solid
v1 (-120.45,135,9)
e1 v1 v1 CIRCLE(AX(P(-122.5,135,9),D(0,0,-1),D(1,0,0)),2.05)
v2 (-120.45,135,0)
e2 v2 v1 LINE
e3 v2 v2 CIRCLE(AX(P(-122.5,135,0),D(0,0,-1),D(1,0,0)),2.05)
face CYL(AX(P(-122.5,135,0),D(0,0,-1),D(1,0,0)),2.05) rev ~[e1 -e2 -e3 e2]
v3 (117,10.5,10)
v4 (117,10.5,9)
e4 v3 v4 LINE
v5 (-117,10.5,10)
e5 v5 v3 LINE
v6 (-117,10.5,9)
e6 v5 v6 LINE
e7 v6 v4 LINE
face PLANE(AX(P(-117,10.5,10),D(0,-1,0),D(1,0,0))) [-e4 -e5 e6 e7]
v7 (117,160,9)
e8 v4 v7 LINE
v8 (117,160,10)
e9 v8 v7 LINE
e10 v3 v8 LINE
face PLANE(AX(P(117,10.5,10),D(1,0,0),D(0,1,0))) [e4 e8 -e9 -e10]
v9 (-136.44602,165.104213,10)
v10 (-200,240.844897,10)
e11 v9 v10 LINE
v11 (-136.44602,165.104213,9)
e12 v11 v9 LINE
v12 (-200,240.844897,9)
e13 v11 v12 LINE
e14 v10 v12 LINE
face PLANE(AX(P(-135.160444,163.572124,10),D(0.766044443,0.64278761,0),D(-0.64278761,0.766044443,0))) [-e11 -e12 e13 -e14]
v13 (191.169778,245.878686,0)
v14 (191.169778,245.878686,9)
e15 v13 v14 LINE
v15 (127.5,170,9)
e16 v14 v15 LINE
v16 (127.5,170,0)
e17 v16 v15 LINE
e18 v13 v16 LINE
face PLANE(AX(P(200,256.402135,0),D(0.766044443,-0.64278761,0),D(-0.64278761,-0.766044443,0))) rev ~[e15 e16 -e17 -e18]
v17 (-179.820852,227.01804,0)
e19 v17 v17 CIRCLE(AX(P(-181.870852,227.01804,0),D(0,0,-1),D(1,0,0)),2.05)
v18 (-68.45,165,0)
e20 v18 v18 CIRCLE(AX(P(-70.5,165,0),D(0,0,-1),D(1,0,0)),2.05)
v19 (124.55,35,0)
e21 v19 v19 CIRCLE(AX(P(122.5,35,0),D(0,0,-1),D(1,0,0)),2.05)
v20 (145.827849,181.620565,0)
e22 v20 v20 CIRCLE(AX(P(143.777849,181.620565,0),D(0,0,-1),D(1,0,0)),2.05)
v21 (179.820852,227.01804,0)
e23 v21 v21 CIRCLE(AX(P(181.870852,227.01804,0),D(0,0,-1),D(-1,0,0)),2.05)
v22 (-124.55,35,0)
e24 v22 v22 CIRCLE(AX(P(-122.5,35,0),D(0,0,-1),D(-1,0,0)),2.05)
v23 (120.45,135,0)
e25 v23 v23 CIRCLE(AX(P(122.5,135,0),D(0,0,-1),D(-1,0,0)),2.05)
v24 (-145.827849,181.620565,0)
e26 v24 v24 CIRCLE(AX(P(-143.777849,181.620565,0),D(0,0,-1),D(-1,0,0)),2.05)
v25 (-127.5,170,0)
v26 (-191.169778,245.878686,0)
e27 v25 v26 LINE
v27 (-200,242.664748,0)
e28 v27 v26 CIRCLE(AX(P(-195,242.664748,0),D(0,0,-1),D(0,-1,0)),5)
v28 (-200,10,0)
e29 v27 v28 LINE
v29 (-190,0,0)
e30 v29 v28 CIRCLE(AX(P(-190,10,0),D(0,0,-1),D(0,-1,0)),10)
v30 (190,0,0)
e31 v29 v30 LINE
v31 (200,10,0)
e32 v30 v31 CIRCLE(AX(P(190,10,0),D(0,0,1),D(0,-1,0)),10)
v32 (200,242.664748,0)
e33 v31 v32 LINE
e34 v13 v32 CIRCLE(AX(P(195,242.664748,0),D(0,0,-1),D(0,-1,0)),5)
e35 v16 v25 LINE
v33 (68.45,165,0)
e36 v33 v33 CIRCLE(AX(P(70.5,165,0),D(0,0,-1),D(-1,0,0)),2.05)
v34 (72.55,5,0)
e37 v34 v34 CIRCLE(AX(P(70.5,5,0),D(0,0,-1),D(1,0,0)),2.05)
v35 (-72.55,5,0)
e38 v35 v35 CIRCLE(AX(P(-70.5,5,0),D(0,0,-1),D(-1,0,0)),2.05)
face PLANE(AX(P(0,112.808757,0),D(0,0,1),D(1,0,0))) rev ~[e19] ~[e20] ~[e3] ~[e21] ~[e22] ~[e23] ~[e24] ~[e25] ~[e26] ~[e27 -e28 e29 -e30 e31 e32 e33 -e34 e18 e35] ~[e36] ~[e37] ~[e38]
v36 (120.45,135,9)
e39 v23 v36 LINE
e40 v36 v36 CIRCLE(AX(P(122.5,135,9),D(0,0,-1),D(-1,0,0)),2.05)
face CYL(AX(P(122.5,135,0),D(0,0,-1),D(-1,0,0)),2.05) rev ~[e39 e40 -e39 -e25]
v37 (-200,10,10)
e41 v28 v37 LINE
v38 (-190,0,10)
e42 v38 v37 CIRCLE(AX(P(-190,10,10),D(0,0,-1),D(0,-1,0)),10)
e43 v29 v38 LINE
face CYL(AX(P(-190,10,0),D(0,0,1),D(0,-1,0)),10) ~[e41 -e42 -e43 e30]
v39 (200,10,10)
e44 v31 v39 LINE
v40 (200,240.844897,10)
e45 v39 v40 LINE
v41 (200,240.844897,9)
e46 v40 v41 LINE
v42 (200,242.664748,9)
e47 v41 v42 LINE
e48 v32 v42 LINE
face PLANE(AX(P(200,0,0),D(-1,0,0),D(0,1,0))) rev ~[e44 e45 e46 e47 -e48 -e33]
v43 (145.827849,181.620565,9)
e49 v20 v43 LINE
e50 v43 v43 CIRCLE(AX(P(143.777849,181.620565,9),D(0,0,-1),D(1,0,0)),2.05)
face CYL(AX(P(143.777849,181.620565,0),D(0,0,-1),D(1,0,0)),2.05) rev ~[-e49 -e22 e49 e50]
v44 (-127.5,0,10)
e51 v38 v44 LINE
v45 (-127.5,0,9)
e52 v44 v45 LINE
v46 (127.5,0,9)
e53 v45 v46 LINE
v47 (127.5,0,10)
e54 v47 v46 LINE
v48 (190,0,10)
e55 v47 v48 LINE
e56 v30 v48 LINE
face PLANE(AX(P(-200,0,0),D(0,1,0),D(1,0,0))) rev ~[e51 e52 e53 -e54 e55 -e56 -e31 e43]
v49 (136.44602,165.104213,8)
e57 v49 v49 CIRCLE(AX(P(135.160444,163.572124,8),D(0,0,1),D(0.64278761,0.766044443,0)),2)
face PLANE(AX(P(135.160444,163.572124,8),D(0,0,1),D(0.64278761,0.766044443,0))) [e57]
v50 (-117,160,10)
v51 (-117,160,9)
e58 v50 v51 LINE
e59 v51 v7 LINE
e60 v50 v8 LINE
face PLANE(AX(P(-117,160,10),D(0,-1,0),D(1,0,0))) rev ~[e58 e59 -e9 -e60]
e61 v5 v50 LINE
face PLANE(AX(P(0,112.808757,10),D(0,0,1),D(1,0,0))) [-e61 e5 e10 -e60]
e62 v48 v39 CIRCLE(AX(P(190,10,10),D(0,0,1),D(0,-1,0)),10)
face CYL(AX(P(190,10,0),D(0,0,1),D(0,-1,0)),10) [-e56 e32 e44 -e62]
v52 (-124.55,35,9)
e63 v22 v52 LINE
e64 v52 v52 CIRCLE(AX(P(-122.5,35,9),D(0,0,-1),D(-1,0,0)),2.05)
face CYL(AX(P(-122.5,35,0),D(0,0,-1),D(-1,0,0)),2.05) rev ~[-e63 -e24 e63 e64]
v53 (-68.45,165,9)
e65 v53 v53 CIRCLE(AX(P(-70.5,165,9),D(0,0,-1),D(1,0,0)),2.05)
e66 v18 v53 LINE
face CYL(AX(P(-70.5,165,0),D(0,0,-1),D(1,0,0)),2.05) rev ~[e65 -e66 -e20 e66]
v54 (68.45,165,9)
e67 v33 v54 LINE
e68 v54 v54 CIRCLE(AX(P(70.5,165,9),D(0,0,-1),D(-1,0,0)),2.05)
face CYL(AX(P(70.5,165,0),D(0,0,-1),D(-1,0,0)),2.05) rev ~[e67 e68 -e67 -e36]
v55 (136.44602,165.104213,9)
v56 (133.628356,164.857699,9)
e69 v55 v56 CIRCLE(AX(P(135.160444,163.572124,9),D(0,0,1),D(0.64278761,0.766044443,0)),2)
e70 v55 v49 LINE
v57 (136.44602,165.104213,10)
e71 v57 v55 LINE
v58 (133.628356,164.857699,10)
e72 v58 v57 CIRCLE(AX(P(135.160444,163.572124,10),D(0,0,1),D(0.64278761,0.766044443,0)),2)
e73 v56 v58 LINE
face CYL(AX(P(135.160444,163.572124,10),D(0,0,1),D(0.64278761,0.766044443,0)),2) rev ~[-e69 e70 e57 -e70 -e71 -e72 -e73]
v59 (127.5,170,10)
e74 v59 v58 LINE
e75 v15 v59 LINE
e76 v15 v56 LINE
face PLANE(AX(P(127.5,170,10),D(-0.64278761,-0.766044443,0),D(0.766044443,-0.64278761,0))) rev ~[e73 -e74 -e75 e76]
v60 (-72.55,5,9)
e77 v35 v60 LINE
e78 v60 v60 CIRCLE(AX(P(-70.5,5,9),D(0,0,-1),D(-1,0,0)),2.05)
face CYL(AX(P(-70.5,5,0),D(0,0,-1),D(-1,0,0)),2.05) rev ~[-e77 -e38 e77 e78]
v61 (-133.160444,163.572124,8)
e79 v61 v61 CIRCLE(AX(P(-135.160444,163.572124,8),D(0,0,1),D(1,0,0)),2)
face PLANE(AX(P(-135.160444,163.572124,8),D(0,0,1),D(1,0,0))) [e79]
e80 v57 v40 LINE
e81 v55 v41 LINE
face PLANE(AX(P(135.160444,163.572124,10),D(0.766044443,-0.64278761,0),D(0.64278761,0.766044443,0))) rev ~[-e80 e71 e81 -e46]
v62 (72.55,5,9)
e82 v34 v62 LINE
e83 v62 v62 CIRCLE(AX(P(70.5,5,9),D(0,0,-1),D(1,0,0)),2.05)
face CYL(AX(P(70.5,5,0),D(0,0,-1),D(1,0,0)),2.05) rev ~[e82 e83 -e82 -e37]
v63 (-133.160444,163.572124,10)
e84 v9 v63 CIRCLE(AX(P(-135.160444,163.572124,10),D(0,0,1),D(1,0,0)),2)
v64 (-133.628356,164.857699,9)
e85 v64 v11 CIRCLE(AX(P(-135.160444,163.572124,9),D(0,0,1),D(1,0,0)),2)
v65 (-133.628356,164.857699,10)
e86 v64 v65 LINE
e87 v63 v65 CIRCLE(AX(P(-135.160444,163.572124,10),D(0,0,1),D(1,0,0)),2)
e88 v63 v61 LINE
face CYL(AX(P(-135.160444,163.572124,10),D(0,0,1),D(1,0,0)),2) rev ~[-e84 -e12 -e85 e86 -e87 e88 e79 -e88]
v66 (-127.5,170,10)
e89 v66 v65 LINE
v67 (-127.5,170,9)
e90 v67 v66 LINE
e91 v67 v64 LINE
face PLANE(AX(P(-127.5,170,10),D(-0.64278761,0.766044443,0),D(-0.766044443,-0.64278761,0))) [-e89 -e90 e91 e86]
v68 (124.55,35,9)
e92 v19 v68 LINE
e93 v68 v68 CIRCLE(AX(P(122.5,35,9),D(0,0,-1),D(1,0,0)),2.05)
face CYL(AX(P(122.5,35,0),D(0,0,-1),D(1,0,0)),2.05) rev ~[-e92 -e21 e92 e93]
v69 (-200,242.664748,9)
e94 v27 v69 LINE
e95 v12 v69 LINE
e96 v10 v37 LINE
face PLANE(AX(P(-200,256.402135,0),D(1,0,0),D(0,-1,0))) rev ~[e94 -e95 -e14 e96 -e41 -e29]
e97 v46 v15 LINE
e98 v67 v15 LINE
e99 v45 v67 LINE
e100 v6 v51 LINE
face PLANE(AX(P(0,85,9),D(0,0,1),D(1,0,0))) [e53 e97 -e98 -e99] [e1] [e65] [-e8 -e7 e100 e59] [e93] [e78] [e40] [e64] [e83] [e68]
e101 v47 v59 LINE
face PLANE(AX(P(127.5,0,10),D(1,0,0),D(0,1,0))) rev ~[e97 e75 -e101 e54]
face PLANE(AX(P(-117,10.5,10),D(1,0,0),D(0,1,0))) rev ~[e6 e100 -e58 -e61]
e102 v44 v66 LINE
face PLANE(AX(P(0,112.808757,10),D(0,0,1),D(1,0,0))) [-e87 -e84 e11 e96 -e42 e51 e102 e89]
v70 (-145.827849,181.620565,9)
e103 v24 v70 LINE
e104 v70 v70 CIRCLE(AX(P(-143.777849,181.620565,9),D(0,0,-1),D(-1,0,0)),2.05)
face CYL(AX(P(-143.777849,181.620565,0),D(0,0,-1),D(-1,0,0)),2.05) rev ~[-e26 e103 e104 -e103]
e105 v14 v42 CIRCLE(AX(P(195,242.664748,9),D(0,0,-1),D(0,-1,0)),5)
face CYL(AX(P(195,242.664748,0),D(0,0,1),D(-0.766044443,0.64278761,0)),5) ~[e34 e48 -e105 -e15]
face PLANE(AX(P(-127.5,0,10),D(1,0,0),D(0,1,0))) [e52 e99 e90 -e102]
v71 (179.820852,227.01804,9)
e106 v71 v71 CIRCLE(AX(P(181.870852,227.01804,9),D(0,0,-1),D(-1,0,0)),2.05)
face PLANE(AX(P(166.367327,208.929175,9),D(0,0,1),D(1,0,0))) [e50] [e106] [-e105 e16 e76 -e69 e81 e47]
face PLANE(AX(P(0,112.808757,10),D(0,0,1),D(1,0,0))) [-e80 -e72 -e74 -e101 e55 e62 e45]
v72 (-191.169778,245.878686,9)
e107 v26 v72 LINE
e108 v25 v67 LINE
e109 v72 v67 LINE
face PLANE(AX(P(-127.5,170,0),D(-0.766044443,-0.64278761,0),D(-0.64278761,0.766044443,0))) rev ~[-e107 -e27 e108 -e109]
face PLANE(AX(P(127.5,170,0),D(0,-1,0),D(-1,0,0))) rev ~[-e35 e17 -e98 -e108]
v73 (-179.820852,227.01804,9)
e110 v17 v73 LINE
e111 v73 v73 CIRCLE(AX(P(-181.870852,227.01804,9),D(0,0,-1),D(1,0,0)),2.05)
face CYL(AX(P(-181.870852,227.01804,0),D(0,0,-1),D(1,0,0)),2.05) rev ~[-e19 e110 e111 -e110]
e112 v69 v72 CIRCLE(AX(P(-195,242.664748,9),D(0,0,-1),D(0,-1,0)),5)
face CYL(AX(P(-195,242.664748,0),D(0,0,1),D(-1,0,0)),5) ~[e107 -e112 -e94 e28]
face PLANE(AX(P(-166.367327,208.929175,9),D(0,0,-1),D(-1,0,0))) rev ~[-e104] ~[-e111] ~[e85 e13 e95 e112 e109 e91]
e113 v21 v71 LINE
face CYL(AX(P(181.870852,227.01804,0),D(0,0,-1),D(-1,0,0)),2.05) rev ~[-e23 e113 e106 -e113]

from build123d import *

# Parameters (mm, degrees)
BOSS_EXTRUDE2_DEPTH     = 10
ESQUISSE2_W             = 255
ESQUISSE2_H             = 170
ESQUISSE2_W_2           = 234
ESQUISSE2_H_2           = 149.5
ENL_V_MAT_EXTRU_1_DEPTH = 1
ENL_V_MAT_EXTRU_2_DEPTH = 1
CONG_1_R                = 10
CONG_2_R                = 10
CONG_3_R                = 5
CONG_4_R                = 5
ESQUISSE5_R             = 2
ENL_V_MAT_EXTRU_3_DEPTH = 2
ESQUISSE6_R             = 2.05
ENL_V_MAT_EXTRU_4_DEPTH = 10
ESQUISSE7_R             = 2.05
ENL_V_MAT_EXTRU_5_DEPTH = 10


with BuildPart() as part:
    # Sketch1 → Boss-Extrude2 (new body)
    with BuildSketch(Plane.XY):
        Polygon((-200, 0), (200, 0), (200, 170), (200, 256.402135463), (127.5, 170), (-127.5, 170), (-200, 256.402135463), (-200, 170), align=None)
    extrude(amount=BOSS_EXTRUDE2_DEPTH)

    # Esquisse2 → Enlèv. mat.-Extru.1 (cut)
    with BuildSketch(Plane.XY.offset(10)):
        with Locations((0, 85)):
            Rectangle(ESQUISSE2_W, ESQUISSE2_H)
        with Locations((0, 85.25)):
            Rectangle(ESQUISSE2_W_2, ESQUISSE2_H_2, mode=Mode.SUBTRACT)
    extrude(amount=-ENL_V_MAT_EXTRU_1_DEPTH, mode=Mode.SUBTRACT)

    # Esquisse3 → Enlèv. mat.-Extru.2 (cut)
    with BuildSketch(Plane.XY.offset(10)):
        Polygon((127.5, 170), (135.160444431, 163.572123903), (200, 240.844897194), (200, 256.402135463), align=None)
        Polygon((-200, 256.402135463), (-127.5, 170), (-135.160444431, 163.572123903), (-200, 240.844897194), align=None)
    extrude(amount=-ENL_V_MAT_EXTRU_2_DEPTH, mode=Mode.SUBTRACT)

    # Congé1
    cong_1_edges = [part.edges().sort_by_distance(p)[0] for p in [
        (200, 0, 5),
    ]]
    fillet(cong_1_edges, radius=CONG_1_R)

    # Congé2
    cong_2_edges = [part.edges().sort_by_distance(p)[0] for p in [
        (-200, 0, 5),
    ]]
    fillet(cong_2_edges, radius=CONG_2_R)

    # Congé3
    cong_3_edges = [part.edges().sort_by_distance(p)[0] for p in [
        (-200, 256.402135463, 4.5),
    ]]
    fillet(cong_3_edges, radius=CONG_3_R)

    # Congé4
    cong_4_edges = [part.edges().sort_by_distance(p)[0] for p in [
        (200, 256.402135463, 4.5),
    ]]
    fillet(cong_4_edges, radius=CONG_4_R)

    # Esquisse5 → Enlèv. mat.-Extru.3 (cut)
    with BuildSketch(Plane.XY.offset(10)):
        with Locations((-135.160444431, 163.572123903)):
            Circle(ESQUISSE5_R)
        with Locations(Location((135.160444431, 163.572123903, 0), (0, 0, 50))):
            Circle(ESQUISSE5_R)
    extrude(amount=-ENL_V_MAT_EXTRU_3_DEPTH, mode=Mode.SUBTRACT)

    # Esquisse6 → Enlèv. mat.-Extru.4 (cut)
    with BuildSketch(Plane(origin=(0, 0, 0), x_dir=(-1, 0, 0), z_dir=(0, 0, -1))):
        with Locations((-70.5, 165)):
            Circle(ESQUISSE6_R)
        with Locations((-122.5, 135)):
            Circle(ESQUISSE6_R)
        with Locations(Location((122.5, 135, 0), (0, 0, 180))):
            Circle(ESQUISSE6_R)
        with Locations(Location((70.5, 165, 0), (0, 0, 180))):
            Circle(ESQUISSE6_R)
        with Locations((70.5, 5)):
            Circle(ESQUISSE6_R)
        with Locations((122.5, 35)):
            Circle(ESQUISSE6_R)
        with Locations(Location((-122.5, 35, 0), (0, 0, 180))):
            Circle(ESQUISSE6_R)
        with Locations(Location((-70.5, 5, 0), (0, 0, 180))):
            Circle(ESQUISSE6_R)
    extrude(amount=-ENL_V_MAT_EXTRU_4_DEPTH, mode=Mode.SUBTRACT)

    # Esquisse7 → Enlèv. mat.-Extru.5 (cut)
    with BuildSketch(Plane(origin=(0, 0, 0), x_dir=(-1, 0, 0), z_dir=(0, 0, -1))):
        with Locations((143.777848565, 181.620565373)):
            Circle(ESQUISSE7_R)
        with Locations(Location((181.870852493, 227.018039657, 0), (0, 0, 180))):
            Circle(ESQUISSE7_R)
        with Locations((-181.870852493, 227.018039657)):
            Circle(ESQUISSE7_R)
        with Locations(Location((-143.777848565, 181.620565373, 0), (0, 0, 180))):
            Circle(ESQUISSE7_R)
    extrude(amount=-ENL_V_MAT_EXTRU_5_DEPTH, mode=Mode.SUBTRACT)


solid = part.part
